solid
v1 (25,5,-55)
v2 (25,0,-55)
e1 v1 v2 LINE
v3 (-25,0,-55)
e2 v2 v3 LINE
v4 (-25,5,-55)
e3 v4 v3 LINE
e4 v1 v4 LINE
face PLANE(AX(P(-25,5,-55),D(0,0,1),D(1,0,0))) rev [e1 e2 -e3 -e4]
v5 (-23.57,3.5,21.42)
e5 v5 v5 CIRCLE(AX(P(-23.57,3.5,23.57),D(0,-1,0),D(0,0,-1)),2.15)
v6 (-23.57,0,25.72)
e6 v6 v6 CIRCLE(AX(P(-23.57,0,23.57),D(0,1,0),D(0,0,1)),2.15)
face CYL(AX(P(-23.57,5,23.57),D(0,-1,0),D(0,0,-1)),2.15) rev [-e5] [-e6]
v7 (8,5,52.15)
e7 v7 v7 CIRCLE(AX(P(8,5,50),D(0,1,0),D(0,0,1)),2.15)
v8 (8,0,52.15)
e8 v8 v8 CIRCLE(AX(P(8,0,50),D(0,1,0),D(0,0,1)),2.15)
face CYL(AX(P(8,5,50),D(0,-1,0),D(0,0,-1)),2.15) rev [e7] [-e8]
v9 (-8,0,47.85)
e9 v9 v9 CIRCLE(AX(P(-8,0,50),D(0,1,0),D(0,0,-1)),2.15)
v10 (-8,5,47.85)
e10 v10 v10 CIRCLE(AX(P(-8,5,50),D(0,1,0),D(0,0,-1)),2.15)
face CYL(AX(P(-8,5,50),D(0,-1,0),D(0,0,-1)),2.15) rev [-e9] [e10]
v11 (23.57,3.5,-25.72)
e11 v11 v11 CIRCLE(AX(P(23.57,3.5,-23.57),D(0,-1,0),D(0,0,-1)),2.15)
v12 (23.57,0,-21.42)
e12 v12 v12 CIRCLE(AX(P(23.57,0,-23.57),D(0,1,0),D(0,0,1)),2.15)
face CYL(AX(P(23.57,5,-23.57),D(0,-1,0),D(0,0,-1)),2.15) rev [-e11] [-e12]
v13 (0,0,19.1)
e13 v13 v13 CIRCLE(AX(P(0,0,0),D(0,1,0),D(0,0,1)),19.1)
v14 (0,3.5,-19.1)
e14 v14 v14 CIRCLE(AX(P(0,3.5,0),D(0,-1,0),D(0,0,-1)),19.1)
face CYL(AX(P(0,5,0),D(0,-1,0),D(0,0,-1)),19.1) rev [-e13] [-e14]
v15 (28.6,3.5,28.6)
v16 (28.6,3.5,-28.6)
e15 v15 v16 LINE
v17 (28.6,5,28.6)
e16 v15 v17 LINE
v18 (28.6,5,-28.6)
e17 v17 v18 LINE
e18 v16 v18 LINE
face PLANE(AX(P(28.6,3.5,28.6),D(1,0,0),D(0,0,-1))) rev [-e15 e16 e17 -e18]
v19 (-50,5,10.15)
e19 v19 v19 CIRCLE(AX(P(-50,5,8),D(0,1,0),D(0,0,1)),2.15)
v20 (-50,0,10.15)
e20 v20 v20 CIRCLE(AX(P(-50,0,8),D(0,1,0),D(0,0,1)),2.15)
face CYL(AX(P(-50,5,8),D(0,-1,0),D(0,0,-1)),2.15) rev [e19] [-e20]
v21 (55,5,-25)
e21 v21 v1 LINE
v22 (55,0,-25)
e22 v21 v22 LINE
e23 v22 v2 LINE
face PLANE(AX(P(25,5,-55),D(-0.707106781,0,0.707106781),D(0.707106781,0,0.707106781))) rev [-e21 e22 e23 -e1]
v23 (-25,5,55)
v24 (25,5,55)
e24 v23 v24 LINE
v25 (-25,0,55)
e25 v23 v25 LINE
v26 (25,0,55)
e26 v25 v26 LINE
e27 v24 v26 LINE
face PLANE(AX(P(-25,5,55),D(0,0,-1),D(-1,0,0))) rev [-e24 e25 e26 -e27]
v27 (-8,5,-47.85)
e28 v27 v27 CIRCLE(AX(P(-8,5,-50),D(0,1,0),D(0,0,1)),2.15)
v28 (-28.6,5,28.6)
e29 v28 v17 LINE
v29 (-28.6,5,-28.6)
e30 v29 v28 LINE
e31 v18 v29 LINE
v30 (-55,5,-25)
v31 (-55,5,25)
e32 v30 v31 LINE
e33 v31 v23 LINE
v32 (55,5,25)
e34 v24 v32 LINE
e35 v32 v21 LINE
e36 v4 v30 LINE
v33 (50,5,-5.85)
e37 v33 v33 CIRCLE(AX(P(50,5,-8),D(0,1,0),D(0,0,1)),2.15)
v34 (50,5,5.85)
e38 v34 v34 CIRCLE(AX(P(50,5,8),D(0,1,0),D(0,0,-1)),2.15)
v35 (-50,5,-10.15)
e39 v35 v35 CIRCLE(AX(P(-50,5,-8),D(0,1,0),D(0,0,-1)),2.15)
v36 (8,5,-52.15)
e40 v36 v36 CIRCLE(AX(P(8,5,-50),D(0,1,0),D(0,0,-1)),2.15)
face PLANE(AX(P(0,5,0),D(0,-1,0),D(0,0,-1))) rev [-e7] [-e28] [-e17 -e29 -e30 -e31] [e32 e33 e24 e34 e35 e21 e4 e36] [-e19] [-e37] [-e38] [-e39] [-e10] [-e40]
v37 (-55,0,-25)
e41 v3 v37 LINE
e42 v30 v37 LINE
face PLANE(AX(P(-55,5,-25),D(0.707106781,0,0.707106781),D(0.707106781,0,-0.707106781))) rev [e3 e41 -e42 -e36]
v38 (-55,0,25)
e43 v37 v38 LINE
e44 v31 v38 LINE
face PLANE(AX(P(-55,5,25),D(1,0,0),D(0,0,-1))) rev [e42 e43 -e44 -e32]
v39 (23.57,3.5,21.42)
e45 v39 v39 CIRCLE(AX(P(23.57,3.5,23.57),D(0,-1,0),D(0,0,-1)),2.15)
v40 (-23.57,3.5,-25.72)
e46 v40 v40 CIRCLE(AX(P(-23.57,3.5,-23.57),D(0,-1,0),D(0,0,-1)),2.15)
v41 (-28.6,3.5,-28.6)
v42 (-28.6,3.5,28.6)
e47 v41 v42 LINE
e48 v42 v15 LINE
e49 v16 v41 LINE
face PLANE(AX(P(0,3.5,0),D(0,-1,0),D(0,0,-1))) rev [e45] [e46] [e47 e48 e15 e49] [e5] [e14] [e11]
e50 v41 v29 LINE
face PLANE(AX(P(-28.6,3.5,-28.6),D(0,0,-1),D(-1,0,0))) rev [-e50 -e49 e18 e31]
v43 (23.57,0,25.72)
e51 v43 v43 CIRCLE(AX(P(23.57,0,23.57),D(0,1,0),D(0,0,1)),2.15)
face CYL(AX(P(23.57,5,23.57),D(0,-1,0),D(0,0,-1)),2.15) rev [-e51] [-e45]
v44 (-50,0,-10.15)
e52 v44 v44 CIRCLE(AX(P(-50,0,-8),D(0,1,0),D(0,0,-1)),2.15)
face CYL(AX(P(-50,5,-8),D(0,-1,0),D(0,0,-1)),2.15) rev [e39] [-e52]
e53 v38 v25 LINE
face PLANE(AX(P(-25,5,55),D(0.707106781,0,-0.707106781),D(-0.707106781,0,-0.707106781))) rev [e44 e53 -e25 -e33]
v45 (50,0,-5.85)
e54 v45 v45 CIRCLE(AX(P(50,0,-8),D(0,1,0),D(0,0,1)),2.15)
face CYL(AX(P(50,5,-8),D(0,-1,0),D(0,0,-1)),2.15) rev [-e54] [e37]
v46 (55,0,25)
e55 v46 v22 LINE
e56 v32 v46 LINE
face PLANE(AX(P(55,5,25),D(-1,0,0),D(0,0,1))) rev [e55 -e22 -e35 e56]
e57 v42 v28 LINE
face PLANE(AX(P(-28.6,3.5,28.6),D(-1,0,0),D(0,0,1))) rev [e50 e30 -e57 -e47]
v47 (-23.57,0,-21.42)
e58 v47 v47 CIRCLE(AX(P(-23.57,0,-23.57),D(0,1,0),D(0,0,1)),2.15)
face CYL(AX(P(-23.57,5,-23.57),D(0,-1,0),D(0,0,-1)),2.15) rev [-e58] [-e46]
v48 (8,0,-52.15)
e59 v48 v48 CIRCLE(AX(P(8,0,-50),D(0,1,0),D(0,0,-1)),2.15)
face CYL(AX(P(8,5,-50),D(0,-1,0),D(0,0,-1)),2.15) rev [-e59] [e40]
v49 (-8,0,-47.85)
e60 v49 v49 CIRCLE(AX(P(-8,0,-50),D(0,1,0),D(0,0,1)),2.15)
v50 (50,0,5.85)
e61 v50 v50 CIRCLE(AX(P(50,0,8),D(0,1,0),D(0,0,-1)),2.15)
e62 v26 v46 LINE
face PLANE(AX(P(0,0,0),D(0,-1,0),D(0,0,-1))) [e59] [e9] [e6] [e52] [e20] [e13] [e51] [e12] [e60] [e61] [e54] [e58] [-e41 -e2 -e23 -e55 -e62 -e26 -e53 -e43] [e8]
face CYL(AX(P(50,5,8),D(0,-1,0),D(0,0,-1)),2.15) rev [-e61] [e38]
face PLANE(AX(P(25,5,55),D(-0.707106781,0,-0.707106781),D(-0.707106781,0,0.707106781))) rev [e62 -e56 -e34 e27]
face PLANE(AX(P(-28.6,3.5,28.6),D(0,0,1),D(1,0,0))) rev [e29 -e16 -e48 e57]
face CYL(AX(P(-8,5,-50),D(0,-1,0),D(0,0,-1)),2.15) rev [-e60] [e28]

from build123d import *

# Parameters (mm, degrees)
SKETCH1_R           = 2.15
SKETCH1_R_2         = 19.1
BOSS_EXTRUDE1_DEPTH = 5
SKETCH2_W           = 57.2
SKETCH2_H           = 57.2
CUT_EXTRUDE1_DEPTH  = 1.5


with BuildPart() as part:
    # Sketch1 → Boss-Extrude1 (new body)
    with BuildSketch(Plane(origin=(0, 0, 0), x_dir=(1, 0, 0), z_dir=(0, 1, 0))):
        Polygon((-25, -55), (25, -55), (55, -25), (55, 25), (25, 55), (-25, 55), (-55, 25), (-55, -25), align=None)
        with Locations(Location((23.57, 23.57, 0), (0, 0, 270))):
            Circle(SKETCH1_R, mode=Mode.SUBTRACT)
        with Locations(Location((-23.57, 23.57, 0), (0, 0, 270))):
            Circle(SKETCH1_R, mode=Mode.SUBTRACT)
        with Locations(Location((-23.57, -23.57, 0), (0, 0, 270))):
            Circle(SKETCH1_R, mode=Mode.SUBTRACT)
        with Locations(Location((23.57, -23.57, 0), (0, 0, 270))):
            Circle(SKETCH1_R, mode=Mode.SUBTRACT)
        with Locations(Location((0, 0, 0), (0, 0, 270))):
            Circle(SKETCH1_R_2, mode=Mode.SUBTRACT)
        with Locations(Location((-8, 50, 0), (0, 0, 270))):
            Circle(SKETCH1_R, mode=Mode.SUBTRACT)
        with Locations(Location((8, 50, 0), (0, 0, 90))):
            Circle(SKETCH1_R, mode=Mode.SUBTRACT)
        with Locations(Location((50, 8, 0), (0, 0, 270))):
            Circle(SKETCH1_R, mode=Mode.SUBTRACT)
        with Locations(Location((50, -8, 0), (0, 0, 90))):
            Circle(SKETCH1_R, mode=Mode.SUBTRACT)
        with Locations(Location((8, -50, 0), (0, 0, 270))):
            Circle(SKETCH1_R, mode=Mode.SUBTRACT)
        with Locations(Location((-8, -50, 0), (0, 0, 90))):
            Circle(SKETCH1_R, mode=Mode.SUBTRACT)
        with Locations(Location((-50, -8, 0), (0, 0, 270))):
            Circle(SKETCH1_R, mode=Mode.SUBTRACT)
        with Locations(Location((-50, 8, 0), (0, 0, 90))):
            Circle(SKETCH1_R, mode=Mode.SUBTRACT)
    extrude(amount=BOSS_EXTRUDE1_DEPTH)

    # Sketch2 → Cut-Extrude1 (cut)
    with BuildSketch(Plane(origin=(0, 5, 0), x_dir=(1, 0, 0), z_dir=(0, 1, 0))):
        Rectangle(SKETCH2_W, SKETCH2_H)
    extrude(amount=-CUT_EXTRUDE1_DEPTH, mode=Mode.SUBTRACT)


solid = part.part
